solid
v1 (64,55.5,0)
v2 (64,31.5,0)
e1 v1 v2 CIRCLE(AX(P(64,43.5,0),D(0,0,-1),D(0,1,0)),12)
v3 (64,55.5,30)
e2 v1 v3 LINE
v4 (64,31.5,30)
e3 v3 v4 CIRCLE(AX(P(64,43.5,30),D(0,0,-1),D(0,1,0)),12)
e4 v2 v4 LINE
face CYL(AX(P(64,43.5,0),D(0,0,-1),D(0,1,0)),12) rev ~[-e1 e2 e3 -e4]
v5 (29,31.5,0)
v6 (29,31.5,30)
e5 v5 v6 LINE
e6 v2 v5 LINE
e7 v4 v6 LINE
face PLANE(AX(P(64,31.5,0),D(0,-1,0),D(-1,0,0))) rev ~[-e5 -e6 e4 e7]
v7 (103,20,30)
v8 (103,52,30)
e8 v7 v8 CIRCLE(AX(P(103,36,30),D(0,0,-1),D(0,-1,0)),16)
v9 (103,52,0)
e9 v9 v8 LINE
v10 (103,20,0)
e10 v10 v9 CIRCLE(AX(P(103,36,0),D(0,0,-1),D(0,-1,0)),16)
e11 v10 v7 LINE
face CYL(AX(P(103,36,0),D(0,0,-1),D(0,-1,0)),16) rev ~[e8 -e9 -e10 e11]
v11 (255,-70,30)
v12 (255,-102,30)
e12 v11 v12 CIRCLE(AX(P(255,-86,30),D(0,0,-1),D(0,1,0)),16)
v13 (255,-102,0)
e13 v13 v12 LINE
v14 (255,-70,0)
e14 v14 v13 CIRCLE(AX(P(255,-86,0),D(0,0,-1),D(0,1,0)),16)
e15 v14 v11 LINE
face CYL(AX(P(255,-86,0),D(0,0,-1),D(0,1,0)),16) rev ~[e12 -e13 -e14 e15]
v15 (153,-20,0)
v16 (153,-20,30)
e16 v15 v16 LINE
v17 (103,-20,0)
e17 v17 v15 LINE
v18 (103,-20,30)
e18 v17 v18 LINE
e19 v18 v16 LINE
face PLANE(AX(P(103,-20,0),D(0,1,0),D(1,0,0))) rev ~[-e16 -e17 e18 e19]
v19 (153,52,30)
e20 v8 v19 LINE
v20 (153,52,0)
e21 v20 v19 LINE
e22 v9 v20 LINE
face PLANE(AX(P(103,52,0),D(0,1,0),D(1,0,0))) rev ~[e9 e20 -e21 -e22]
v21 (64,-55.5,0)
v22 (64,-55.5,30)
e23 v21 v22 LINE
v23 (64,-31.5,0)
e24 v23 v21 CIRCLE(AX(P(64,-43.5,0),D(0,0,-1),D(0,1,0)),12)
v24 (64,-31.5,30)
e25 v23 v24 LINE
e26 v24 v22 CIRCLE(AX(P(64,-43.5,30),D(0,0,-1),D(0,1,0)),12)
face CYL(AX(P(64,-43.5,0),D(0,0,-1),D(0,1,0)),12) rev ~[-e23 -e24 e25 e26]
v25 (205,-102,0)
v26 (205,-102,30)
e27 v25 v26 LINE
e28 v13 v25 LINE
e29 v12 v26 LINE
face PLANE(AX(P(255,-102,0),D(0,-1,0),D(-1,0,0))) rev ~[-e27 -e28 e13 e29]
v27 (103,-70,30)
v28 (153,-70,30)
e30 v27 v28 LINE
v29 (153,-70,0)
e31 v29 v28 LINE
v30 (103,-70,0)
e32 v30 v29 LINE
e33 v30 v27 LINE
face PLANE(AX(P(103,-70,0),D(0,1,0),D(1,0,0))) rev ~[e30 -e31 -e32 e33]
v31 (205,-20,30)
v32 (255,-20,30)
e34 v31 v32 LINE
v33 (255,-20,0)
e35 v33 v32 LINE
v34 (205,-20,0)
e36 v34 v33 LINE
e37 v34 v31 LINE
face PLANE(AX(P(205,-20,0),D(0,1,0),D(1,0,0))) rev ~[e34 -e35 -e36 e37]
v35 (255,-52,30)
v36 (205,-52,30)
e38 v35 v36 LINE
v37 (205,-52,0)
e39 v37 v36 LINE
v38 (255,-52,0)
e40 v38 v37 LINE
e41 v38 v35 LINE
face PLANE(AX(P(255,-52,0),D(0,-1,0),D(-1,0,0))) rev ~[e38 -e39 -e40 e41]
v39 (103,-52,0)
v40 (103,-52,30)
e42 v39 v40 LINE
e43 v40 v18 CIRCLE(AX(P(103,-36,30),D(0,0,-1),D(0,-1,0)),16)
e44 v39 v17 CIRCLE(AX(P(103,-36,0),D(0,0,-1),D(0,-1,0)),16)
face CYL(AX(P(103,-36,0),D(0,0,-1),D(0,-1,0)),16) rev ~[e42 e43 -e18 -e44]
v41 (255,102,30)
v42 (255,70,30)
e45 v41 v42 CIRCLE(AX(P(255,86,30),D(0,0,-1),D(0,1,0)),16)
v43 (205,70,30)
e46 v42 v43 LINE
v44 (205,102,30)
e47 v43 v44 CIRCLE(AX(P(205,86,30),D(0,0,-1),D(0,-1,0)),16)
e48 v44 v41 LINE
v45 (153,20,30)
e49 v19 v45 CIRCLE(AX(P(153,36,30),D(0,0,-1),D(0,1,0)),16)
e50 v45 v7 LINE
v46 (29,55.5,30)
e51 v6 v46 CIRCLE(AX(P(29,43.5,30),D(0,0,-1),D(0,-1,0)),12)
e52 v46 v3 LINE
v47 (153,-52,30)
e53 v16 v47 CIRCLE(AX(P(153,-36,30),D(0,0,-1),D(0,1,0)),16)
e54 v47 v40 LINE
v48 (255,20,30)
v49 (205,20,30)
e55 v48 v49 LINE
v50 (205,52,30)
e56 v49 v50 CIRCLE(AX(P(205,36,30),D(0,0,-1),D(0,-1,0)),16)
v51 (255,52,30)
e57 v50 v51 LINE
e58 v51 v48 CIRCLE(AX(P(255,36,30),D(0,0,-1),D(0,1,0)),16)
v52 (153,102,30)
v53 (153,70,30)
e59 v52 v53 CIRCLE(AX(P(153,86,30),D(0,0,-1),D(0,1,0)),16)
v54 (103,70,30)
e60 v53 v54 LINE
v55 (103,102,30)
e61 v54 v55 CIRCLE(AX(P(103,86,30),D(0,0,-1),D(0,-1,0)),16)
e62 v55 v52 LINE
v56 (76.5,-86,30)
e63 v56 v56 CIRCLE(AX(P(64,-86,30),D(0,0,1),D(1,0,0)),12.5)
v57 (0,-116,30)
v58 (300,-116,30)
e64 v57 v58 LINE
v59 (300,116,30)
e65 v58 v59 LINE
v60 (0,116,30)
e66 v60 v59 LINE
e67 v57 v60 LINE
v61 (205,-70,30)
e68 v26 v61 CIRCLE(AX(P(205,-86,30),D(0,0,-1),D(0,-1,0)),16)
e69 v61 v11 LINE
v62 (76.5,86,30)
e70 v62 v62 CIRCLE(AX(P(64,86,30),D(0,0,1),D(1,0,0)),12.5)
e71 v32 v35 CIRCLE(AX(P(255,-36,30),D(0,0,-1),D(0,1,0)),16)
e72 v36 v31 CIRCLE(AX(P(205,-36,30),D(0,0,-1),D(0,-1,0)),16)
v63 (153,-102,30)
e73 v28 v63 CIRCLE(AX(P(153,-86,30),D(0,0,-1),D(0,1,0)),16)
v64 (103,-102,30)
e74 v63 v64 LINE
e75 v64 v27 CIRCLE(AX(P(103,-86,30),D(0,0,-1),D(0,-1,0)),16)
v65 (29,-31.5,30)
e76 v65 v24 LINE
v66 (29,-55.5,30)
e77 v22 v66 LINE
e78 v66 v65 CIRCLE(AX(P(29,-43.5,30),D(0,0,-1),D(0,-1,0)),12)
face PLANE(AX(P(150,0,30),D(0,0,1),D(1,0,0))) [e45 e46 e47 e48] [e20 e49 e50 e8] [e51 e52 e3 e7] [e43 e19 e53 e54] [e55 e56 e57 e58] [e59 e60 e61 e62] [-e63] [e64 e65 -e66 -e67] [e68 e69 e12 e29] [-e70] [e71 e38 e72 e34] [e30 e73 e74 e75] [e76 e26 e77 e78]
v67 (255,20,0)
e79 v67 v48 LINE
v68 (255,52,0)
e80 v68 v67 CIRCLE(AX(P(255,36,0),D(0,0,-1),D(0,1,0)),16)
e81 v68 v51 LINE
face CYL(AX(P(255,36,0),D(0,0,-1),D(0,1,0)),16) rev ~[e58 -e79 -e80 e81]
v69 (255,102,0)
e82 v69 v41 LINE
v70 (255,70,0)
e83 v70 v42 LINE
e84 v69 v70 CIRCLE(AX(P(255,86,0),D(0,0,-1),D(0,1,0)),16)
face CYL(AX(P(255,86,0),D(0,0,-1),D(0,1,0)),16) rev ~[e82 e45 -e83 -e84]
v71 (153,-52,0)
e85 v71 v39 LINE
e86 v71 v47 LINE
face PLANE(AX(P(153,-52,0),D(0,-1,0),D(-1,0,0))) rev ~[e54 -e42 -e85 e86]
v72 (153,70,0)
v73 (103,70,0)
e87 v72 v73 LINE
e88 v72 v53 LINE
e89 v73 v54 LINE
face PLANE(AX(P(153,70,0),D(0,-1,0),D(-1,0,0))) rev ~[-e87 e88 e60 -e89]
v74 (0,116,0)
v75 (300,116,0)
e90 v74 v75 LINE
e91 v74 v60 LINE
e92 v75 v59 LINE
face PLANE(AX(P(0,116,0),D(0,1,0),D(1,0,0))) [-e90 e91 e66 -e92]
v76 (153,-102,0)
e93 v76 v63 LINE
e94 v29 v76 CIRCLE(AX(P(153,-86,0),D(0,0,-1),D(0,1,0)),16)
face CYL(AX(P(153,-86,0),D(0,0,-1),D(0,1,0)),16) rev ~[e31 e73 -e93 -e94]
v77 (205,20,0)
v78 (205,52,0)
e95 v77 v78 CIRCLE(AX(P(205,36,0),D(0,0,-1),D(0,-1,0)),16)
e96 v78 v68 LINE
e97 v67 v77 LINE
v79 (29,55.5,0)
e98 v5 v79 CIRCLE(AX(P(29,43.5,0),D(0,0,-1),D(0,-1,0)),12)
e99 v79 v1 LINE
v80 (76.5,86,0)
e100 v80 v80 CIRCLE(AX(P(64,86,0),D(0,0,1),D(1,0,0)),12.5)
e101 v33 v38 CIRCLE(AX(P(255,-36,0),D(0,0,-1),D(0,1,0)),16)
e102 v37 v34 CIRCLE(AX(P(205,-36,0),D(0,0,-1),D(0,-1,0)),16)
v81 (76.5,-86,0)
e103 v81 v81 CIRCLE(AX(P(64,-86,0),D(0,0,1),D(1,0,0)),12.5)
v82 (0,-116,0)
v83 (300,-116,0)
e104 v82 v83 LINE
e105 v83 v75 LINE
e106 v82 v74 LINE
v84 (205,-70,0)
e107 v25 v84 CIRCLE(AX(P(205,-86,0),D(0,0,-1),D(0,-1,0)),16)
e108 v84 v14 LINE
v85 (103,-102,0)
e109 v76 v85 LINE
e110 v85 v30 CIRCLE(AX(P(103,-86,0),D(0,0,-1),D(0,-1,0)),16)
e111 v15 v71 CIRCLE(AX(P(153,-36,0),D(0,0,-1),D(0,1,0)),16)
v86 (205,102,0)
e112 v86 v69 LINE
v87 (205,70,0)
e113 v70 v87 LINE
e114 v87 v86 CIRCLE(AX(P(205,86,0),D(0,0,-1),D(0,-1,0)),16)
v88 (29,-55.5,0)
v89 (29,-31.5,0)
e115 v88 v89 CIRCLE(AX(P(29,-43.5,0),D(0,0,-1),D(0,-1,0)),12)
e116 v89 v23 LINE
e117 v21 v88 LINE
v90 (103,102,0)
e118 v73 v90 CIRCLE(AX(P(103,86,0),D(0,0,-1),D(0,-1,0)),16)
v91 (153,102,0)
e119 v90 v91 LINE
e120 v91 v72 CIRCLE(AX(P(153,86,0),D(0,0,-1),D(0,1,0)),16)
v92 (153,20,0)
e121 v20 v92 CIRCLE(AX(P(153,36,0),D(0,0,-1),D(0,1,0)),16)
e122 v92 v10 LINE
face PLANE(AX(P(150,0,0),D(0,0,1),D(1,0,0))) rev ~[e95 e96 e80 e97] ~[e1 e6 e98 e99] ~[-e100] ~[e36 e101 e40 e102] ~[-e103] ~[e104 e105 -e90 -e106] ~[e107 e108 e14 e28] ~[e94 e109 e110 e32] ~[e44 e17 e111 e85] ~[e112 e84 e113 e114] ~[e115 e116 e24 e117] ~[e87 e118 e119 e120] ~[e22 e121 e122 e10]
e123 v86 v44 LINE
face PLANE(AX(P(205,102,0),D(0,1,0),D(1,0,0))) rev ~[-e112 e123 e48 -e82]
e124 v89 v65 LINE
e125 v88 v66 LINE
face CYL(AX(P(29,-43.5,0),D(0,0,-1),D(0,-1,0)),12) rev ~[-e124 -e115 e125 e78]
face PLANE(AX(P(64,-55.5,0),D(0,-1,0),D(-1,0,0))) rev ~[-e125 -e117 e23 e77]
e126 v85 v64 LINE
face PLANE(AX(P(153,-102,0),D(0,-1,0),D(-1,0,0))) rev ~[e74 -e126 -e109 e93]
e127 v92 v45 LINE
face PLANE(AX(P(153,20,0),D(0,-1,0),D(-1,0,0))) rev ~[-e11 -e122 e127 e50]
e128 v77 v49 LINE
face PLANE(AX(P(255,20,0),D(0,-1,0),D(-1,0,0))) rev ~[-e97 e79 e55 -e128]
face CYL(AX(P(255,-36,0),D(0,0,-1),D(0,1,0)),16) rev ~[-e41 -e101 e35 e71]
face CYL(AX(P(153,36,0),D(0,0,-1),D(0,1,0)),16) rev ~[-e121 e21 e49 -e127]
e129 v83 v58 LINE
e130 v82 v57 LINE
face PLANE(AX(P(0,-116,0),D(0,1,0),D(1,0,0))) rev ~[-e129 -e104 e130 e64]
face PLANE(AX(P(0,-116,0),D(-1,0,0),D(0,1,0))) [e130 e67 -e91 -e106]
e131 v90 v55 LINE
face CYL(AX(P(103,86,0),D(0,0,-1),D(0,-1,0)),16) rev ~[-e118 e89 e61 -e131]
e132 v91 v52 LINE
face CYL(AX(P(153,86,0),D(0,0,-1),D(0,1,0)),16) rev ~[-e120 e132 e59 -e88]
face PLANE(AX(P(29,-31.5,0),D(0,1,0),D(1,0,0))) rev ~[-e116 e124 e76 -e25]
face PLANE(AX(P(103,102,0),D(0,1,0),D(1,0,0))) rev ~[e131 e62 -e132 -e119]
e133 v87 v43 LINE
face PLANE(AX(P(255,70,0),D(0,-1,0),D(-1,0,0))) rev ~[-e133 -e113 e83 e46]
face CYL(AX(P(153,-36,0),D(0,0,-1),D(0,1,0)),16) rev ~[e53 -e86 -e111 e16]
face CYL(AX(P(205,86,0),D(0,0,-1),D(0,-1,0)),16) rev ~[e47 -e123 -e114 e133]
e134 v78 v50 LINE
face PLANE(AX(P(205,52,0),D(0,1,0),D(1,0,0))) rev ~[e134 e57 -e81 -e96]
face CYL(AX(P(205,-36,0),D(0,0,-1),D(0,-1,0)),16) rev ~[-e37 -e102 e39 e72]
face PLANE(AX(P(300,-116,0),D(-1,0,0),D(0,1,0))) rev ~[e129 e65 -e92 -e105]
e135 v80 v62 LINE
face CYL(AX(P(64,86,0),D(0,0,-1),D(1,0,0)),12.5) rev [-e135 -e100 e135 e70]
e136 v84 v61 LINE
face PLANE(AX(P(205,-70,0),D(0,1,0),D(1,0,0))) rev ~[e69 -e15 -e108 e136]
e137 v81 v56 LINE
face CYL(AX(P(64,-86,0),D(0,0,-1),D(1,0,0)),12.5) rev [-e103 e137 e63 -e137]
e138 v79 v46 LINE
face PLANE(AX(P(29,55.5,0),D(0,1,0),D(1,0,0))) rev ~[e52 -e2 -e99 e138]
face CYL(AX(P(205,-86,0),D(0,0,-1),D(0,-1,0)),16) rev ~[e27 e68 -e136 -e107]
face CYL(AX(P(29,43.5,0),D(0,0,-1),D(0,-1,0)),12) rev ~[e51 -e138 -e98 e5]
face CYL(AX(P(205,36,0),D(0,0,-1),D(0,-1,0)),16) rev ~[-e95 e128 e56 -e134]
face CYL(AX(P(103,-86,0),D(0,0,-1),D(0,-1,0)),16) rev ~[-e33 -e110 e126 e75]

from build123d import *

# Parameters (mm, degrees)
F0_W     = 300
F0_H     = 232
F0_R     = 12.5
F1_DEPTH = 30


with BuildPart() as f1:
    # F0 (on Top) → F1 (new body)
    with BuildSketch(Plane.XY):
        with Locations((150, 0)):
            Rectangle(F0_W, F0_H)
        with Locations((64, -86)):
            Circle(F0_R, mode=Mode.SUBTRACT)
        with BuildLine():
            Line((153, -102), (103, -102))
            ThreePointArc((103, -102), (87, -86), (103, -70))
            Line((103, -70), (153, -70))
            ThreePointArc((153, -70), (169, -86), (153, -102))
        make_face(mode=Mode.SUBTRACT)
        with BuildLine():
            Line((64, -55.5), (29, -55.5))
            ThreePointArc((29, -55.5), (17, -43.5), (29, -31.5))
            Line((29, -31.5), (64, -31.5))
            ThreePointArc((64, -31.5), (76, -43.5), (64, -55.5))
        make_face(mode=Mode.SUBTRACT)
        with BuildLine():
            Line((153, -52), (103, -52))
            ThreePointArc((103, -52), (87, -36), (103, -20))
            Line((103, -20), (153, -20))
            ThreePointArc((153, -20), (169, -36), (153, -52))
        make_face(mode=Mode.SUBTRACT)
        with BuildLine():
            Line((255, -102), (205, -102))
            ThreePointArc((205, -102), (189, -86), (205, -70))
            Line((205, -70), (255, -70))
            ThreePointArc((255, -70), (271, -86), (255, -102))
        make_face(mode=Mode.SUBTRACT)
        with BuildLine():
            Line((255, -52), (205, -52))
            ThreePointArc((205, -52), (189, -36), (205, -20))
            Line((205, -20), (255, -20))
            ThreePointArc((255, -20), (271, -36), (255, -52))
        make_face(mode=Mode.SUBTRACT)
        with BuildLine():
            ThreePointArc((29, 31.5), (17, 43.5), (29, 55.5))
            Line((29, 55.5), (64, 55.5))
            ThreePointArc((64, 55.5), (76, 43.5), (64, 31.5))
            Line((64, 31.5), (29, 31.5))
        make_face(mode=Mode.SUBTRACT)
        with BuildLine():
            ThreePointArc((103, 20), (87, 36), (103, 52))
            Line((103, 52), (153, 52))
            ThreePointArc((153, 52), (169, 36), (153, 20))
            Line((153, 20), (103, 20))
        make_face(mode=Mode.SUBTRACT)
        with Locations((64, 86)):
            Circle(F0_R, mode=Mode.SUBTRACT)
        with BuildLine():
            ThreePointArc((103, 70), (87, 86), (103, 102))
            Line((103, 102), (153, 102))
            ThreePointArc((153, 102), (169, 86), (153, 70))
            Line((153, 70), (103, 70))
        make_face(mode=Mode.SUBTRACT)
        with BuildLine():
            ThreePointArc((205, 20), (189, 36), (205, 52))
            Line((205, 52), (255, 52))
            ThreePointArc((255, 52), (271, 36), (255, 20))
            Line((255, 20), (205, 20))
        make_face(mode=Mode.SUBTRACT)
        with BuildLine():
            ThreePointArc((205, 70), (189, 86), (205, 102))
            Line((205, 102), (255, 102))
            ThreePointArc((255, 102), (271, 86), (255, 70))
            Line((255, 70), (205, 70))
        make_face(mode=Mode.SUBTRACT)
    extrude(amount=F1_DEPTH)


solid = f1.part
